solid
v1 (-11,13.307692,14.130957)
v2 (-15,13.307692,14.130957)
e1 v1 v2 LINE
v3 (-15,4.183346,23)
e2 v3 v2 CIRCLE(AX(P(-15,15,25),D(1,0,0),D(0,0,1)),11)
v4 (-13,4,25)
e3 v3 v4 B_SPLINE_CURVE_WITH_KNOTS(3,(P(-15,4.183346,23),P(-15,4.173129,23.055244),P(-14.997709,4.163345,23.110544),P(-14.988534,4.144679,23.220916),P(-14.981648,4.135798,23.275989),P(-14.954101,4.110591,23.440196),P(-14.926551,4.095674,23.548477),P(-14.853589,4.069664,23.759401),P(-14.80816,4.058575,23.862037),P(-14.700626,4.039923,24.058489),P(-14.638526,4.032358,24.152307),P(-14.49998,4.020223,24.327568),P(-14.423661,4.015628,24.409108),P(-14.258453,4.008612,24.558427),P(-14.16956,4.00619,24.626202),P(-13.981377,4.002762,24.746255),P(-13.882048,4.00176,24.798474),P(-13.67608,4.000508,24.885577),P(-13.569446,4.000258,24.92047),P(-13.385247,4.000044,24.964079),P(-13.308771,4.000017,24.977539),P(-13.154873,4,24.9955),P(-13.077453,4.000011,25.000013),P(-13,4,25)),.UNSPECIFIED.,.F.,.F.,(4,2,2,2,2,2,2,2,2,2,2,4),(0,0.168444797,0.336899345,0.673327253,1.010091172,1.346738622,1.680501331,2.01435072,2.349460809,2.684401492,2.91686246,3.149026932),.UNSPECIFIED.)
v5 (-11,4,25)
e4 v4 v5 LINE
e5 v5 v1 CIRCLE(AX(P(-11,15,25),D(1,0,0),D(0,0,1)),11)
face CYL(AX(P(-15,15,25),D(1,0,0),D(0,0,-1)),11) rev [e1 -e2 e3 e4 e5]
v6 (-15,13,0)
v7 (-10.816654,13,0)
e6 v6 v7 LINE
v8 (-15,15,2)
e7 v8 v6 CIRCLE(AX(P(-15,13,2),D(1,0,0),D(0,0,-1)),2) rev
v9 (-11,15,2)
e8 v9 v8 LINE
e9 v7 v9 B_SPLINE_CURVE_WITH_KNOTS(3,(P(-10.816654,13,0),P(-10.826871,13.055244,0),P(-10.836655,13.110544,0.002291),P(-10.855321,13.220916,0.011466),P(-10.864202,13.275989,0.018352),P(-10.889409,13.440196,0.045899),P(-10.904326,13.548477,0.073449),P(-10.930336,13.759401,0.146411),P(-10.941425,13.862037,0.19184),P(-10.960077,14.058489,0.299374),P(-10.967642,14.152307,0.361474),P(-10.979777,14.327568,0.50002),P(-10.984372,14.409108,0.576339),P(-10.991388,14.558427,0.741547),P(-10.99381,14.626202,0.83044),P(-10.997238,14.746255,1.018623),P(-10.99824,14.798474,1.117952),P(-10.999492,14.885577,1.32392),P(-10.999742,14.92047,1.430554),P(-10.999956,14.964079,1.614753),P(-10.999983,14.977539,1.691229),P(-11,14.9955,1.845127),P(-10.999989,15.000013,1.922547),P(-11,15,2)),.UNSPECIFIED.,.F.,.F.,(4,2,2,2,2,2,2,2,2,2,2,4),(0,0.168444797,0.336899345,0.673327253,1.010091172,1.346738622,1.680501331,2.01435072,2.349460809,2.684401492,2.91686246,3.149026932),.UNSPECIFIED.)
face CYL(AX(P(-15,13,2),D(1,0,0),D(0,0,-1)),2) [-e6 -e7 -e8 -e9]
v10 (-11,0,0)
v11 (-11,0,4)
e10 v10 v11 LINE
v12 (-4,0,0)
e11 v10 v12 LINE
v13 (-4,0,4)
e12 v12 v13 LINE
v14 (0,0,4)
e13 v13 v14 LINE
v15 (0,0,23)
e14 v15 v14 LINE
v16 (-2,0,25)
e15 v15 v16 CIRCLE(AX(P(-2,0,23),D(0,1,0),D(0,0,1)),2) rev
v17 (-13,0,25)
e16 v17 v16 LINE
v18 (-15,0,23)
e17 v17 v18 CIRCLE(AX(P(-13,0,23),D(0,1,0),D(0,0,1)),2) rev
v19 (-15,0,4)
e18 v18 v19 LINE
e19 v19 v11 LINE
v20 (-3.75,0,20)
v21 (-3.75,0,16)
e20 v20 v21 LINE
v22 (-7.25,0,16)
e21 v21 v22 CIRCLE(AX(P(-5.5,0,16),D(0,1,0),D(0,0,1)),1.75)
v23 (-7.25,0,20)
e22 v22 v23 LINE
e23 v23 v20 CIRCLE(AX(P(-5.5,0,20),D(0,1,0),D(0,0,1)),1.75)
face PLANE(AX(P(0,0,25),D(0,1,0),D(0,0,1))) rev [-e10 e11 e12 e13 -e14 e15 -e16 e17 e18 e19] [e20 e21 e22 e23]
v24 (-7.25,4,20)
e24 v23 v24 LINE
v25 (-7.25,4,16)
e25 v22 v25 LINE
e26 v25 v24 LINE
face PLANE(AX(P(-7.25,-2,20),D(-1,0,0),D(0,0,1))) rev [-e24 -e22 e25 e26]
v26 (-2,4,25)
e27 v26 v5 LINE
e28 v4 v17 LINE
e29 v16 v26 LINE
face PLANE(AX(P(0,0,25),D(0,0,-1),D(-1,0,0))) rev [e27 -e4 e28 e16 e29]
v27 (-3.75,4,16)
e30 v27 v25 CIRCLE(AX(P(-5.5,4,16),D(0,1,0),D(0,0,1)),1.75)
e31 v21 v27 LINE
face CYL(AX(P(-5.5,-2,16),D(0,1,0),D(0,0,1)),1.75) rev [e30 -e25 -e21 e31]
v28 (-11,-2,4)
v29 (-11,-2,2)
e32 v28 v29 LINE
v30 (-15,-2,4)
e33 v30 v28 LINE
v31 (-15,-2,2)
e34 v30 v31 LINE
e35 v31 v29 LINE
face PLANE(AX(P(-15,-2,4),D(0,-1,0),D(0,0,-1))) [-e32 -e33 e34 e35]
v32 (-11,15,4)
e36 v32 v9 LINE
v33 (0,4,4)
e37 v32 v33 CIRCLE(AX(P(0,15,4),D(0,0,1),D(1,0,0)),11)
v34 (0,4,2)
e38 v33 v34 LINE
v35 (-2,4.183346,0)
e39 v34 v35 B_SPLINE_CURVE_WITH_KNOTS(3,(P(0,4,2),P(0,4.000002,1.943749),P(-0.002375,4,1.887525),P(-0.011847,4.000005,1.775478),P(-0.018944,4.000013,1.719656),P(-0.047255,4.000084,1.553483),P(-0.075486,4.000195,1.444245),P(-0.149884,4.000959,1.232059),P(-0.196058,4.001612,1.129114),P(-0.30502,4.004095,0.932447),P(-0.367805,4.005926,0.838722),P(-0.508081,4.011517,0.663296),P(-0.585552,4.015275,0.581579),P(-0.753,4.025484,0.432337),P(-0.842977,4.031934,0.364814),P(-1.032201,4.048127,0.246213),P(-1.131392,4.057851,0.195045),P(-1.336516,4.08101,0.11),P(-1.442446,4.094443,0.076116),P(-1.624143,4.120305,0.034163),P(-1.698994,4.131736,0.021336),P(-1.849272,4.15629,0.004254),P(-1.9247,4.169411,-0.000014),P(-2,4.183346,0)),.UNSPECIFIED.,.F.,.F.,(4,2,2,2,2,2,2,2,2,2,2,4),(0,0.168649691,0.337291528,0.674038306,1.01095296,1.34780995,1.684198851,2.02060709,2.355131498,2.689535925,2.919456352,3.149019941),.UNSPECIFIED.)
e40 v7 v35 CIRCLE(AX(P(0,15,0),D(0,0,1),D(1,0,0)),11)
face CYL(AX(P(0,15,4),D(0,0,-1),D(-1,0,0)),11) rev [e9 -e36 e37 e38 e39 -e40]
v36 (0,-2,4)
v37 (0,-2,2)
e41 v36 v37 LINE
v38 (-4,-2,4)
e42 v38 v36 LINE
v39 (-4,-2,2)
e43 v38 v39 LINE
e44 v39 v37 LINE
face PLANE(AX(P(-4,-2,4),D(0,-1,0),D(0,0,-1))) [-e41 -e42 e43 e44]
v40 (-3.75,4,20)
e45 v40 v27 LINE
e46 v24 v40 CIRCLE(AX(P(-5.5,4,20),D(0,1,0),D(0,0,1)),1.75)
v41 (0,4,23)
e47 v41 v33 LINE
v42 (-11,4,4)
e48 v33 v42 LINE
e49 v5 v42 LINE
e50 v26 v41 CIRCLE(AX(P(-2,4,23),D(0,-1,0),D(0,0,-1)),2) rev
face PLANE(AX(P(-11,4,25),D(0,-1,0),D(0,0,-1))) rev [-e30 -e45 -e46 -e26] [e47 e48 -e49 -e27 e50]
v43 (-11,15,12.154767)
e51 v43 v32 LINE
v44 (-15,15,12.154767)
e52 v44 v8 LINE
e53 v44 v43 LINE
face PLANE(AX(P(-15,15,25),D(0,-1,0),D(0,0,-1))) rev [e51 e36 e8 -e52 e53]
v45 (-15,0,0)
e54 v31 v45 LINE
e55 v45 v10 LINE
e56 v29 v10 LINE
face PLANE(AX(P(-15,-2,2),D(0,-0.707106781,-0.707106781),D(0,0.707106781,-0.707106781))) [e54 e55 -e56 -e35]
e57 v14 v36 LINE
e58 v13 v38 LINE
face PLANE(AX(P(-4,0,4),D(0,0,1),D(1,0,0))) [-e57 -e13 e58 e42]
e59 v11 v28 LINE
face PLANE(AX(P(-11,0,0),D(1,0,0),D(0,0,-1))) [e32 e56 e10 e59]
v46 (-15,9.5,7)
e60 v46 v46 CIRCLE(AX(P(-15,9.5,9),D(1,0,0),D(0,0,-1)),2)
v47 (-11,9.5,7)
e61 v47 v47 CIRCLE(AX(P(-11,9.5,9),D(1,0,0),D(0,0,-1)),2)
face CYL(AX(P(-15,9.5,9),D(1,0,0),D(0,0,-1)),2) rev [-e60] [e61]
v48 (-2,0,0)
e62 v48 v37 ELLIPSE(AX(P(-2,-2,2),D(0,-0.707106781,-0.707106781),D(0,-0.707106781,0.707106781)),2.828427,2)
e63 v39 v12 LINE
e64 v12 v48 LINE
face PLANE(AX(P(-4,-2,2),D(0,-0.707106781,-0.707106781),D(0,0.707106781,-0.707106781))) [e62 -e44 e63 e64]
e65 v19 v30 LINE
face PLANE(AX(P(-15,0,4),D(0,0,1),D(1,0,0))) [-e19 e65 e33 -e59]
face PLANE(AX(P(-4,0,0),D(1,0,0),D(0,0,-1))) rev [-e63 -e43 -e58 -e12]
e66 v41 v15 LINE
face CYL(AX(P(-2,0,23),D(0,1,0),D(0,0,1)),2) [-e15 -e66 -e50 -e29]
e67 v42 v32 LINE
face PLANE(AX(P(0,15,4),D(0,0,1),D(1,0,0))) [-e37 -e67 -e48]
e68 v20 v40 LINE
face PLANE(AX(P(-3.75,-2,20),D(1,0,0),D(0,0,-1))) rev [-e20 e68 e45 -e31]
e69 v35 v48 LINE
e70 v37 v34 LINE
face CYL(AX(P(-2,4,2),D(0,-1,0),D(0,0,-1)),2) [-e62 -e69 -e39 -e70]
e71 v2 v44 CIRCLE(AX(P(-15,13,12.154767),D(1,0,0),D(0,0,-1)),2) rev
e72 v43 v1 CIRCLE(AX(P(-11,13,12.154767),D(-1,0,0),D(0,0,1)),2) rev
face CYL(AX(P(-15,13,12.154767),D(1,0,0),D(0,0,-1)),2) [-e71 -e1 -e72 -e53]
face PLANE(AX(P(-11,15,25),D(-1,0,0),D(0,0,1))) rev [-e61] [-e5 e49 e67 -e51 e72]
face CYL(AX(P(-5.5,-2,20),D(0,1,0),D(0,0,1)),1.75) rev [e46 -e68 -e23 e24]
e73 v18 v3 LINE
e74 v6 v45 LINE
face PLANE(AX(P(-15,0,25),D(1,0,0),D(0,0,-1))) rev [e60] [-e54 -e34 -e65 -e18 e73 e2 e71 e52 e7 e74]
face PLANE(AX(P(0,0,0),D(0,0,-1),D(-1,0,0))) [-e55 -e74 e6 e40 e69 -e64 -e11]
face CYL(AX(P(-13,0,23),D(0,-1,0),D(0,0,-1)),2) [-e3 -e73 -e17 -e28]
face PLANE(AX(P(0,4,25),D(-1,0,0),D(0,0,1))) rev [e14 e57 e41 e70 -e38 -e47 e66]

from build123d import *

# Parameters (mm, degrees)
RESSALTO_EXTRUS_O1_DEPTH = 25
RESSALTO_EXTRUS_O2_DEPTH = 4
RESSALTO_EXTRUS_O4_DEPTH = 4
PADR_O_LINEAR1_COUNT     = 2
PADR_O_LINEAR1_PITCH     = 11
CORTE_EXTRUS_O1_DEPTH    = 7
ESBO_O6_R                = 2
CORTE_EXTRUS_O2_DEPTH    = 5
CORTE_EXTRUS_O3_DEPTH    = 5
FILETE2_R                = 2
FILETE3_R                = 2
FILETE4_R                = 2
FILETE5_R                = 2
FILETE6_R                = 2


with BuildPart() as part:
    # Esboço1 → Ressalto-extrusão1 (new body)
    with BuildSketch(Plane.XY):
        Polygon((0, 0), (-15, 0), (-15, 15), (-11, 15), (-11, 4), (0, 4), align=None)
    extrude(amount=RESSALTO_EXTRUS_O1_DEPTH)

    # Esboço2 → Ressalto-extrusão2 (add)
    with BuildSketch(Plane(origin=(0, 0, 0), x_dir=(-1, 0, 0), z_dir=(0, 0, -1))):
        with BuildLine():
            Line((0, 4), (11, 4))
            Line((11, 4), (11, 15))
            ThreePointArc((11, 15), (7.778174593, 7.221825407), (0, 4))
        make_face()
    extrude(amount=-RESSALTO_EXTRUS_O2_DEPTH)

    # Esboço3 → Ressalto-extrusão4 (add)
    with BuildSketch(Plane(origin=(0, 0, 0), x_dir=(0, 0, -1), z_dir=(1, 0, 0))):
        Polygon((0, 0), (-4, 0), (-4, -2), (-2, -2), align=None)
    ressalto_extrus_o4 = extrude(amount=-RESSALTO_EXTRUS_O4_DEPTH)

    # Padrão linear1: Ressalto-extrusão4 ×2
    with Locations(*[(-i * PADR_O_LINEAR1_PITCH, 0, 0) for i in range(1, PADR_O_LINEAR1_COUNT)]):
        add(ressalto_extrus_o4)

    # Esboço5 → Corte-extrusão1 (cut, through all)
    with BuildSketch(Plane(origin=(0, 4, 0), x_dir=(1, 0, 0), z_dir=(0, 1, 0))):
        with BuildLine():
            Line((-7.25, -20), (-7.25, -16))
            ThreePointArc((-7.25, -16), (-5.5, -14.25), (-3.75, -16))
            Line((-3.75, -16), (-3.75, -20))
            ThreePointArc((-3.75, -20), (-5.5, -21.75), (-7.25, -20))
        make_face()
    extrude(amount=-CORTE_EXTRUS_O1_DEPTH, mode=Mode.SUBTRACT)

    # Esboço6 → Corte-extrusão2 (cut, through all)
    with BuildSketch(Plane(origin=(-11, 0, 0), x_dir=(0, 0, -1), z_dir=(1, 0, 0))):
        with Locations((-9, 9.5)):
            Circle(ESBO_O6_R)
    extrude(amount=-CORTE_EXTRUS_O2_DEPTH, mode=Mode.SUBTRACT)

    # Esboço8 → Corte-extrusão3 (cut, through all)
    with BuildSketch(Plane(origin=(-11, 0, 0), x_dir=(0, 0, -1), z_dir=(1, 0, 0))):
        with BuildLine():
            Line((-25, 4), (-25, 15))
            Line((-25, 15), (-14, 15))
            ThreePointArc((-14, 15), (-17.221825407, 7.221825407), (-25, 4))
        make_face()
    extrude(amount=-CORTE_EXTRUS_O3_DEPTH, mode=Mode.SUBTRACT)

    # Filete2
    filete2_edges = [part.edges().sort_by_distance(p)[0] for p in [
        (-13, 15, 14),
    ]]
    fillet(filete2_edges, radius=FILETE2_R)

    # Filete3
    filete3_edges = [part.edges().sort_by_distance(p)[0] for p in [
        (0, 2, 25),
    ]]
    fillet(filete3_edges, radius=FILETE3_R)

    # Filete4
    filete4_edges = [part.edges().sort_by_distance(p)[0] for p in [
        (-15, 2, 25),
    ]]
    fillet(filete4_edges, radius=FILETE4_R)

    # Filete5
    filete5_edges = [part.edges().sort_by_distance(p)[0] for p in [
        (0, 2, 0),
    ]]
    fillet(filete5_edges, radius=FILETE5_R)

    # Filete6
    filete6_edges = [part.edges().sort_by_distance(p)[0] for p in [
        (-13, 15, 0),
    ]]
    fillet(filete6_edges, radius=FILETE6_R)


solid = part.part
